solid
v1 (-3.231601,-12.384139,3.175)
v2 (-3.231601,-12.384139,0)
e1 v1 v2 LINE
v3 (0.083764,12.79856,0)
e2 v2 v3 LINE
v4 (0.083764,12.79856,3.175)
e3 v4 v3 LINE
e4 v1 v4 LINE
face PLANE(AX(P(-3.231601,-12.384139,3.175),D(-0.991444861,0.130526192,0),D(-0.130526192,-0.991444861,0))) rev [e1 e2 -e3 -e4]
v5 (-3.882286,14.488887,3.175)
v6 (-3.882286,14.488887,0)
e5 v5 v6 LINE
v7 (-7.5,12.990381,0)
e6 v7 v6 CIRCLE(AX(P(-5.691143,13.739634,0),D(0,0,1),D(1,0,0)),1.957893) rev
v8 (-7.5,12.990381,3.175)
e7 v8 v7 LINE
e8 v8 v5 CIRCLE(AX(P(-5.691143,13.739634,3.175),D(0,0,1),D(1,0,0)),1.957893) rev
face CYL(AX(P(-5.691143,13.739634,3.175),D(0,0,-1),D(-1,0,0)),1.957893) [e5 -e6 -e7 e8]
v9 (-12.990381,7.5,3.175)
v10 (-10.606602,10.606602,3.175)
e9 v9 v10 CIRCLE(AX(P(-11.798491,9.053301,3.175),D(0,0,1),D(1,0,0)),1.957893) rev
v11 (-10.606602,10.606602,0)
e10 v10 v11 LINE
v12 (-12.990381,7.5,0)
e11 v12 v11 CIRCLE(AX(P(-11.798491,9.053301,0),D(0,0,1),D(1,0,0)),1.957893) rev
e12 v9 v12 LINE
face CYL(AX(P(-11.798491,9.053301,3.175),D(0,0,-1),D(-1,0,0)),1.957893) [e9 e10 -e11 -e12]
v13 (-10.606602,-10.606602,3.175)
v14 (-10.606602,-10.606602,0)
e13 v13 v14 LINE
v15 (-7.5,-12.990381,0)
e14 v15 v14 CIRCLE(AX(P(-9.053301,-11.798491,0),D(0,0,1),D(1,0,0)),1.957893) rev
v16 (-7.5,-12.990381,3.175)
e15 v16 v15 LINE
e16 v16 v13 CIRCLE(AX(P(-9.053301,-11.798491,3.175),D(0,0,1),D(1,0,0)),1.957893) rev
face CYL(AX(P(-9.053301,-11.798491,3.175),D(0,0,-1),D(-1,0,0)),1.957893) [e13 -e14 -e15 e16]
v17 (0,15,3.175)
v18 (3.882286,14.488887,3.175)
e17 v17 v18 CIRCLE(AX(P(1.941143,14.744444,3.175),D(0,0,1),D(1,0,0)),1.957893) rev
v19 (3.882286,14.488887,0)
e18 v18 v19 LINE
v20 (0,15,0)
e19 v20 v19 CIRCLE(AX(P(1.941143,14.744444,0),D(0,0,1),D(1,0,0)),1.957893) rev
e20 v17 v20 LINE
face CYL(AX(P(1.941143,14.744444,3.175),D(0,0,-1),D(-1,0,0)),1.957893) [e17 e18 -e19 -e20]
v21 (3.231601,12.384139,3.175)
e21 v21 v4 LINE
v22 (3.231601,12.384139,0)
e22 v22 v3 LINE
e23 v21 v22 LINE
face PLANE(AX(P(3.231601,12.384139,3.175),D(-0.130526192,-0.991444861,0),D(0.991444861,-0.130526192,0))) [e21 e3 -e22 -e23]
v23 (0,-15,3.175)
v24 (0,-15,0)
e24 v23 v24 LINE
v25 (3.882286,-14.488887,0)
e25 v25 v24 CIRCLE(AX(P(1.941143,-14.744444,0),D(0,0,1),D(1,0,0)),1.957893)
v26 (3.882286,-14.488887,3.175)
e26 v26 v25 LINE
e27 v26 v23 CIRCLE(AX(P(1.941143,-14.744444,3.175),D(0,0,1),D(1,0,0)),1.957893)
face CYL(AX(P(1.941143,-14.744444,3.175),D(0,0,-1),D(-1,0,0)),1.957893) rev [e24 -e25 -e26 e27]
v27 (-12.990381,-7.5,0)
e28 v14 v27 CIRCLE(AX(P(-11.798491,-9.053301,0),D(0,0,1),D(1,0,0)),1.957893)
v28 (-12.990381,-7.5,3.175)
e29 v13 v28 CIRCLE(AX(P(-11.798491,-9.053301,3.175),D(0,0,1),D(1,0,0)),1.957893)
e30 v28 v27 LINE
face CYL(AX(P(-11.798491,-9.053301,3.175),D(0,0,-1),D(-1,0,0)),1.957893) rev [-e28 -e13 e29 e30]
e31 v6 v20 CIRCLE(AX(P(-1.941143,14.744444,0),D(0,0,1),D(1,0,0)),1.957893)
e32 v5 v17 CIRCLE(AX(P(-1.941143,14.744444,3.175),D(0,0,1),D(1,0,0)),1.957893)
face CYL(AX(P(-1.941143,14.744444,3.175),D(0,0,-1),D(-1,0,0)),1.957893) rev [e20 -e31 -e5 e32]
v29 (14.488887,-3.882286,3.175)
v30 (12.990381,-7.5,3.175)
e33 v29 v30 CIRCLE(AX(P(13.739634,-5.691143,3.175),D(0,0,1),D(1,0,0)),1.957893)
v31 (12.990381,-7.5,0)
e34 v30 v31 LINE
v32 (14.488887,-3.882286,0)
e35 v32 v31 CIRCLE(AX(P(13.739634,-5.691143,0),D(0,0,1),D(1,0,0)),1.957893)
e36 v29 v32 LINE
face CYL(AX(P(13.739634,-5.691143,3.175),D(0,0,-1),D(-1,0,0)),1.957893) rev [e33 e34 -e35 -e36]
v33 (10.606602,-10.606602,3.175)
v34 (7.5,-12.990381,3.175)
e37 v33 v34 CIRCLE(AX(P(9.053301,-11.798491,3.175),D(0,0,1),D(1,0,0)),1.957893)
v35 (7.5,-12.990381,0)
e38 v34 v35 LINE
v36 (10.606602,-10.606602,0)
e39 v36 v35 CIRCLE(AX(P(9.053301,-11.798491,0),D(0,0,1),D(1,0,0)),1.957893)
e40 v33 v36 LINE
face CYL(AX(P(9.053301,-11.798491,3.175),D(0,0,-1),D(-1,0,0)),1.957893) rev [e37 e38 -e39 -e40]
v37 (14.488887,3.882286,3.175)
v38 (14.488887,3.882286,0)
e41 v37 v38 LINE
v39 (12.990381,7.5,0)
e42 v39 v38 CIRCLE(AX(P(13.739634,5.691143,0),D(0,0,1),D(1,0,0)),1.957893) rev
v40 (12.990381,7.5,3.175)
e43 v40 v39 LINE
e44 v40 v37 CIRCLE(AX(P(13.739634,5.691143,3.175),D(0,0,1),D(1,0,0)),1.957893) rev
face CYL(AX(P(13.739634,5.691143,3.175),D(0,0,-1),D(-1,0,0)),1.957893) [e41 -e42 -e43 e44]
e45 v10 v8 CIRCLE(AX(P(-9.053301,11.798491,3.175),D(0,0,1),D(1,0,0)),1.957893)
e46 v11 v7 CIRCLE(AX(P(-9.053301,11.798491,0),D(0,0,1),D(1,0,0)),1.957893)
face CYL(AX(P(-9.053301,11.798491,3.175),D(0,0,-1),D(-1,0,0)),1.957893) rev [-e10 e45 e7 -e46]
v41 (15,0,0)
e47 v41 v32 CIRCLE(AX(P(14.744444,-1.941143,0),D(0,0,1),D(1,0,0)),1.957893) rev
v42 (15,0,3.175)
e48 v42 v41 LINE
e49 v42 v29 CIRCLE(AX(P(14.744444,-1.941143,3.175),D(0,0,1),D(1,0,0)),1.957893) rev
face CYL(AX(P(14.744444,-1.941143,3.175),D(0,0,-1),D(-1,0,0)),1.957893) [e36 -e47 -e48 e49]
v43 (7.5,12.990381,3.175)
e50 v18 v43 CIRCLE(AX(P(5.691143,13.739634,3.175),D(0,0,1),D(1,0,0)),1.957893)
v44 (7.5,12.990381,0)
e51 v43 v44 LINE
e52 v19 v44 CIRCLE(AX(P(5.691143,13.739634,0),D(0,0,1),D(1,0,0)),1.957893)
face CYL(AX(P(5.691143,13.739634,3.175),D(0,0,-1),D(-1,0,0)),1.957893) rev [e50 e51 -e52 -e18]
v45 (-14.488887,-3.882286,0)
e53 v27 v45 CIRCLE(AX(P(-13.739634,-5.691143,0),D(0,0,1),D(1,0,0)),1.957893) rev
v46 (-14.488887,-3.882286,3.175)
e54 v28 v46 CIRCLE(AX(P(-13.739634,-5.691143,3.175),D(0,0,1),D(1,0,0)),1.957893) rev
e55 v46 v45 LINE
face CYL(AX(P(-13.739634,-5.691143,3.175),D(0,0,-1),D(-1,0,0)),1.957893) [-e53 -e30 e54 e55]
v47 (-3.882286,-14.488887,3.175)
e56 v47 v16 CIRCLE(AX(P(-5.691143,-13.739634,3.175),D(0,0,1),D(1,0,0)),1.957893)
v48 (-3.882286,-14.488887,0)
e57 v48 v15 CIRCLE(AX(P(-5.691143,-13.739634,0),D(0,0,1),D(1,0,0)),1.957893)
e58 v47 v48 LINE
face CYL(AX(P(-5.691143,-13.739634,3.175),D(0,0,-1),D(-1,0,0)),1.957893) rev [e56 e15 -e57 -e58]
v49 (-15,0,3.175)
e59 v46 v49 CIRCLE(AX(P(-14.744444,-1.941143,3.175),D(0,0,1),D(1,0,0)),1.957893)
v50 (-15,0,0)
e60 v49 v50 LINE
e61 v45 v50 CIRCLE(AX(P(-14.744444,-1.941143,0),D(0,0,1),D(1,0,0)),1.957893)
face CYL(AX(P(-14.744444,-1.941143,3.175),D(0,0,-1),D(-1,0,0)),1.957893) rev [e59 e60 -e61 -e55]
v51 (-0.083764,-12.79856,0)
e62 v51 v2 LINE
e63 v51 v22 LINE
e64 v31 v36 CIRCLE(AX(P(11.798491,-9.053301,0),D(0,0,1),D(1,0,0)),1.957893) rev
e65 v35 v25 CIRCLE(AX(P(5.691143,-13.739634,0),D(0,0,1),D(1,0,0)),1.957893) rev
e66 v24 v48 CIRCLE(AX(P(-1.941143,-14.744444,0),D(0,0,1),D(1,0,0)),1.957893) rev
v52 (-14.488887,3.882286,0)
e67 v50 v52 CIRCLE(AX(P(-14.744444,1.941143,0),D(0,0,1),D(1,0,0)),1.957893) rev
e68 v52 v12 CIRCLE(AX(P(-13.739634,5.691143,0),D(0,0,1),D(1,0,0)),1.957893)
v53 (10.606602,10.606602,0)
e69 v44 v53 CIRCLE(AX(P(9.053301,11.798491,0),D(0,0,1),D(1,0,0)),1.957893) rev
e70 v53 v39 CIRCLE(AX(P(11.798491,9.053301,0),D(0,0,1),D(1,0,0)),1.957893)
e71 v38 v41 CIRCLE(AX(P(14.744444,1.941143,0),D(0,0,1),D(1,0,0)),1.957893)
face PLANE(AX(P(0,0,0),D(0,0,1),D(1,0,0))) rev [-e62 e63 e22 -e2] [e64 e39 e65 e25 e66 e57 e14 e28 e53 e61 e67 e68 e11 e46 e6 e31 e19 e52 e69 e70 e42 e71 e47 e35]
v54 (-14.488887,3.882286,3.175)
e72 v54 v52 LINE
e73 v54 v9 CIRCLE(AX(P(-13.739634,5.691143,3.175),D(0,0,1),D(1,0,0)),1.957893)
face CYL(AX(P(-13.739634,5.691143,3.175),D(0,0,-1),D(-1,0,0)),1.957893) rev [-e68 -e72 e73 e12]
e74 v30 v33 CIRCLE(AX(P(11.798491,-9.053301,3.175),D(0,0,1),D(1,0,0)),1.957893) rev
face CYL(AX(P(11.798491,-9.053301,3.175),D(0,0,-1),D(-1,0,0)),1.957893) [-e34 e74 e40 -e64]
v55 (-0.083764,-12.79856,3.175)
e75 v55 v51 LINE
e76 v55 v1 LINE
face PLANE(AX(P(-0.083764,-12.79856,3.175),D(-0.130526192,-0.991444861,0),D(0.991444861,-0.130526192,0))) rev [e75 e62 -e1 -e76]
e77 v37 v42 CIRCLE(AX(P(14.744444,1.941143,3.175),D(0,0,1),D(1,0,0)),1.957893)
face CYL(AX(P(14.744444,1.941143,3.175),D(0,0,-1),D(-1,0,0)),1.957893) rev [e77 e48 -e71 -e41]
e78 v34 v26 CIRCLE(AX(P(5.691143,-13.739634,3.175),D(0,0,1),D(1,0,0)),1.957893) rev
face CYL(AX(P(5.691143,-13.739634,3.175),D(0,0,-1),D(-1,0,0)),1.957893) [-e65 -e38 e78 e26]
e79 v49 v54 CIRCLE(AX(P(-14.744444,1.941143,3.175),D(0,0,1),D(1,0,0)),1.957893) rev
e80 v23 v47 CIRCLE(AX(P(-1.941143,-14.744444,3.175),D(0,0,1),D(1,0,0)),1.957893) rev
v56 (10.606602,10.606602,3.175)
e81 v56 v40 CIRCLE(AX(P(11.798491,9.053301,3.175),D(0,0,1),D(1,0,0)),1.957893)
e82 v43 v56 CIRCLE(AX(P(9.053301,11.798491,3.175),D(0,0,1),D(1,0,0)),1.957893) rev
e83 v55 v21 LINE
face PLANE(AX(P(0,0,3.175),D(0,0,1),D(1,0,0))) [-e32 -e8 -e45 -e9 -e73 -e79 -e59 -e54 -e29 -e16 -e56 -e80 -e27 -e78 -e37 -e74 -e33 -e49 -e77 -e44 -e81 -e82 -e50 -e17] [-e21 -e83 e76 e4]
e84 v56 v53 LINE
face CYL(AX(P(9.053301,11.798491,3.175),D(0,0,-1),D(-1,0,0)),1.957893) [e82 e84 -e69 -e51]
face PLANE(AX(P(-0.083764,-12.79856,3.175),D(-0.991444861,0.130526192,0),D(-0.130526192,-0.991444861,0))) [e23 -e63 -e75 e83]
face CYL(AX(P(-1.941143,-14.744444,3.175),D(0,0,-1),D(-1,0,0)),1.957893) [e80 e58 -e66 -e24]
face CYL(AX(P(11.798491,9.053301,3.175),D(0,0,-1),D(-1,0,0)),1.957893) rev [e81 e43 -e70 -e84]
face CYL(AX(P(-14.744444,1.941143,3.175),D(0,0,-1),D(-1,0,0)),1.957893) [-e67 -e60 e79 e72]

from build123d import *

# Parameters (mm, degrees)
BOSS_EXTRUDE1_DEPTH = 3.175
CUT_EXTRUDE1_DEPTH  = 3.175


with BuildPart() as part:
    # Sketch1 → Boss-Extrude1 (new body)
    with BuildSketch(Plane.XY):
        with BuildLine():
            ThreePointArc((-3.882285677, 14.488887394), (-1.685586535, 12.803300859), (0, 15))
            ThreePointArc((0, 15), (2.196699141, 16.685586535), (3.882285677, 14.488887394))
            ThreePointArc((3.882285677, 14.488887394), (4.941889669, 11.930777064), (7.5, 12.990381057))
            ThreePointArc((7.5, 12.990381057), (10.245190528, 13.351792246), (10.606601718, 10.606601718))
            ThreePointArc((10.606601718, 10.606601718), (10.245190528, 7.861411189), (12.990381057, 7.5))
            ThreePointArc((12.990381057, 7.5), (15.548491387, 6.440396007), (14.488887394, 3.882285677))
            ThreePointArc((14.488887394, 3.882285677), (12.803300859, 1.685586535), (15, 0))
            ThreePointArc((15, 0), (16.685586535, -2.196699141), (14.488887394, -3.882285677))
            ThreePointArc((14.488887394, -3.882285677), (11.930777064, -4.941889669), (12.990381057, -7.5))
            ThreePointArc((12.990381057, -7.5), (13.351792246, -10.245190528), (10.606601718, -10.606601718))
            ThreePointArc((10.606601718, -10.606601718), (7.861411189, -10.245190528), (7.5, -12.990381057))
            ThreePointArc((7.5, -12.990381057), (6.440396007, -15.548491387), (3.882285677, -14.488887394))
            ThreePointArc((3.882285677, -14.488887394), (1.685586535, -12.803300859), (0, -15))
            ThreePointArc((0, -15), (-2.196699141, -16.685586535), (-3.882285677, -14.488887394))
            ThreePointArc((-3.882285677, -14.488887394), (-4.941889669, -11.930777064), (-7.5, -12.990381057))
            ThreePointArc((-7.5, -12.990381057), (-10.245190528, -13.351792246), (-10.606601718, -10.606601718))
            ThreePointArc((-10.606601718, -10.606601718), (-10.245190528, -7.861411189), (-12.990381057, -7.5))
            ThreePointArc((-12.990381057, -7.5), (-15.548491387, -6.440396007), (-14.488887394, -3.882285677))
            ThreePointArc((-14.488887394, -3.882285677), (-12.803300859, -1.685586535), (-15, 0))
            ThreePointArc((-15, 0), (-16.685586535, 2.196699141), (-14.488887394, 3.882285677))
            ThreePointArc((-14.488887394, 3.882285677), (-11.930777064, 4.941889669), (-12.990381057, 7.5))
            ThreePointArc((-12.990381057, 7.5), (-13.351792246, 10.245190528), (-10.606601718, 10.606601718))
            ThreePointArc((-10.606601718, 10.606601718), (-7.861411189, 10.245190528), (-7.5, 12.990381057))
            ThreePointArc((-7.5, 12.990381057), (-6.440396007, 15.548491387), (-3.882285677, 14.488887394))
        make_face()
    extrude(amount=BOSS_EXTRUDE1_DEPTH)

    # Sketch3 → Cut-Extrude1 (cut)
    with BuildSketch(Plane.XY):
        Polygon((3.231601359, 12.384139409), (0.083763924, 12.79856007), (-3.231601359, -12.384139409), (-0.083763924, -12.79856007), align=None)
    extrude(amount=CUT_EXTRUDE1_DEPTH, mode=Mode.SUBTRACT)


solid = part.part
